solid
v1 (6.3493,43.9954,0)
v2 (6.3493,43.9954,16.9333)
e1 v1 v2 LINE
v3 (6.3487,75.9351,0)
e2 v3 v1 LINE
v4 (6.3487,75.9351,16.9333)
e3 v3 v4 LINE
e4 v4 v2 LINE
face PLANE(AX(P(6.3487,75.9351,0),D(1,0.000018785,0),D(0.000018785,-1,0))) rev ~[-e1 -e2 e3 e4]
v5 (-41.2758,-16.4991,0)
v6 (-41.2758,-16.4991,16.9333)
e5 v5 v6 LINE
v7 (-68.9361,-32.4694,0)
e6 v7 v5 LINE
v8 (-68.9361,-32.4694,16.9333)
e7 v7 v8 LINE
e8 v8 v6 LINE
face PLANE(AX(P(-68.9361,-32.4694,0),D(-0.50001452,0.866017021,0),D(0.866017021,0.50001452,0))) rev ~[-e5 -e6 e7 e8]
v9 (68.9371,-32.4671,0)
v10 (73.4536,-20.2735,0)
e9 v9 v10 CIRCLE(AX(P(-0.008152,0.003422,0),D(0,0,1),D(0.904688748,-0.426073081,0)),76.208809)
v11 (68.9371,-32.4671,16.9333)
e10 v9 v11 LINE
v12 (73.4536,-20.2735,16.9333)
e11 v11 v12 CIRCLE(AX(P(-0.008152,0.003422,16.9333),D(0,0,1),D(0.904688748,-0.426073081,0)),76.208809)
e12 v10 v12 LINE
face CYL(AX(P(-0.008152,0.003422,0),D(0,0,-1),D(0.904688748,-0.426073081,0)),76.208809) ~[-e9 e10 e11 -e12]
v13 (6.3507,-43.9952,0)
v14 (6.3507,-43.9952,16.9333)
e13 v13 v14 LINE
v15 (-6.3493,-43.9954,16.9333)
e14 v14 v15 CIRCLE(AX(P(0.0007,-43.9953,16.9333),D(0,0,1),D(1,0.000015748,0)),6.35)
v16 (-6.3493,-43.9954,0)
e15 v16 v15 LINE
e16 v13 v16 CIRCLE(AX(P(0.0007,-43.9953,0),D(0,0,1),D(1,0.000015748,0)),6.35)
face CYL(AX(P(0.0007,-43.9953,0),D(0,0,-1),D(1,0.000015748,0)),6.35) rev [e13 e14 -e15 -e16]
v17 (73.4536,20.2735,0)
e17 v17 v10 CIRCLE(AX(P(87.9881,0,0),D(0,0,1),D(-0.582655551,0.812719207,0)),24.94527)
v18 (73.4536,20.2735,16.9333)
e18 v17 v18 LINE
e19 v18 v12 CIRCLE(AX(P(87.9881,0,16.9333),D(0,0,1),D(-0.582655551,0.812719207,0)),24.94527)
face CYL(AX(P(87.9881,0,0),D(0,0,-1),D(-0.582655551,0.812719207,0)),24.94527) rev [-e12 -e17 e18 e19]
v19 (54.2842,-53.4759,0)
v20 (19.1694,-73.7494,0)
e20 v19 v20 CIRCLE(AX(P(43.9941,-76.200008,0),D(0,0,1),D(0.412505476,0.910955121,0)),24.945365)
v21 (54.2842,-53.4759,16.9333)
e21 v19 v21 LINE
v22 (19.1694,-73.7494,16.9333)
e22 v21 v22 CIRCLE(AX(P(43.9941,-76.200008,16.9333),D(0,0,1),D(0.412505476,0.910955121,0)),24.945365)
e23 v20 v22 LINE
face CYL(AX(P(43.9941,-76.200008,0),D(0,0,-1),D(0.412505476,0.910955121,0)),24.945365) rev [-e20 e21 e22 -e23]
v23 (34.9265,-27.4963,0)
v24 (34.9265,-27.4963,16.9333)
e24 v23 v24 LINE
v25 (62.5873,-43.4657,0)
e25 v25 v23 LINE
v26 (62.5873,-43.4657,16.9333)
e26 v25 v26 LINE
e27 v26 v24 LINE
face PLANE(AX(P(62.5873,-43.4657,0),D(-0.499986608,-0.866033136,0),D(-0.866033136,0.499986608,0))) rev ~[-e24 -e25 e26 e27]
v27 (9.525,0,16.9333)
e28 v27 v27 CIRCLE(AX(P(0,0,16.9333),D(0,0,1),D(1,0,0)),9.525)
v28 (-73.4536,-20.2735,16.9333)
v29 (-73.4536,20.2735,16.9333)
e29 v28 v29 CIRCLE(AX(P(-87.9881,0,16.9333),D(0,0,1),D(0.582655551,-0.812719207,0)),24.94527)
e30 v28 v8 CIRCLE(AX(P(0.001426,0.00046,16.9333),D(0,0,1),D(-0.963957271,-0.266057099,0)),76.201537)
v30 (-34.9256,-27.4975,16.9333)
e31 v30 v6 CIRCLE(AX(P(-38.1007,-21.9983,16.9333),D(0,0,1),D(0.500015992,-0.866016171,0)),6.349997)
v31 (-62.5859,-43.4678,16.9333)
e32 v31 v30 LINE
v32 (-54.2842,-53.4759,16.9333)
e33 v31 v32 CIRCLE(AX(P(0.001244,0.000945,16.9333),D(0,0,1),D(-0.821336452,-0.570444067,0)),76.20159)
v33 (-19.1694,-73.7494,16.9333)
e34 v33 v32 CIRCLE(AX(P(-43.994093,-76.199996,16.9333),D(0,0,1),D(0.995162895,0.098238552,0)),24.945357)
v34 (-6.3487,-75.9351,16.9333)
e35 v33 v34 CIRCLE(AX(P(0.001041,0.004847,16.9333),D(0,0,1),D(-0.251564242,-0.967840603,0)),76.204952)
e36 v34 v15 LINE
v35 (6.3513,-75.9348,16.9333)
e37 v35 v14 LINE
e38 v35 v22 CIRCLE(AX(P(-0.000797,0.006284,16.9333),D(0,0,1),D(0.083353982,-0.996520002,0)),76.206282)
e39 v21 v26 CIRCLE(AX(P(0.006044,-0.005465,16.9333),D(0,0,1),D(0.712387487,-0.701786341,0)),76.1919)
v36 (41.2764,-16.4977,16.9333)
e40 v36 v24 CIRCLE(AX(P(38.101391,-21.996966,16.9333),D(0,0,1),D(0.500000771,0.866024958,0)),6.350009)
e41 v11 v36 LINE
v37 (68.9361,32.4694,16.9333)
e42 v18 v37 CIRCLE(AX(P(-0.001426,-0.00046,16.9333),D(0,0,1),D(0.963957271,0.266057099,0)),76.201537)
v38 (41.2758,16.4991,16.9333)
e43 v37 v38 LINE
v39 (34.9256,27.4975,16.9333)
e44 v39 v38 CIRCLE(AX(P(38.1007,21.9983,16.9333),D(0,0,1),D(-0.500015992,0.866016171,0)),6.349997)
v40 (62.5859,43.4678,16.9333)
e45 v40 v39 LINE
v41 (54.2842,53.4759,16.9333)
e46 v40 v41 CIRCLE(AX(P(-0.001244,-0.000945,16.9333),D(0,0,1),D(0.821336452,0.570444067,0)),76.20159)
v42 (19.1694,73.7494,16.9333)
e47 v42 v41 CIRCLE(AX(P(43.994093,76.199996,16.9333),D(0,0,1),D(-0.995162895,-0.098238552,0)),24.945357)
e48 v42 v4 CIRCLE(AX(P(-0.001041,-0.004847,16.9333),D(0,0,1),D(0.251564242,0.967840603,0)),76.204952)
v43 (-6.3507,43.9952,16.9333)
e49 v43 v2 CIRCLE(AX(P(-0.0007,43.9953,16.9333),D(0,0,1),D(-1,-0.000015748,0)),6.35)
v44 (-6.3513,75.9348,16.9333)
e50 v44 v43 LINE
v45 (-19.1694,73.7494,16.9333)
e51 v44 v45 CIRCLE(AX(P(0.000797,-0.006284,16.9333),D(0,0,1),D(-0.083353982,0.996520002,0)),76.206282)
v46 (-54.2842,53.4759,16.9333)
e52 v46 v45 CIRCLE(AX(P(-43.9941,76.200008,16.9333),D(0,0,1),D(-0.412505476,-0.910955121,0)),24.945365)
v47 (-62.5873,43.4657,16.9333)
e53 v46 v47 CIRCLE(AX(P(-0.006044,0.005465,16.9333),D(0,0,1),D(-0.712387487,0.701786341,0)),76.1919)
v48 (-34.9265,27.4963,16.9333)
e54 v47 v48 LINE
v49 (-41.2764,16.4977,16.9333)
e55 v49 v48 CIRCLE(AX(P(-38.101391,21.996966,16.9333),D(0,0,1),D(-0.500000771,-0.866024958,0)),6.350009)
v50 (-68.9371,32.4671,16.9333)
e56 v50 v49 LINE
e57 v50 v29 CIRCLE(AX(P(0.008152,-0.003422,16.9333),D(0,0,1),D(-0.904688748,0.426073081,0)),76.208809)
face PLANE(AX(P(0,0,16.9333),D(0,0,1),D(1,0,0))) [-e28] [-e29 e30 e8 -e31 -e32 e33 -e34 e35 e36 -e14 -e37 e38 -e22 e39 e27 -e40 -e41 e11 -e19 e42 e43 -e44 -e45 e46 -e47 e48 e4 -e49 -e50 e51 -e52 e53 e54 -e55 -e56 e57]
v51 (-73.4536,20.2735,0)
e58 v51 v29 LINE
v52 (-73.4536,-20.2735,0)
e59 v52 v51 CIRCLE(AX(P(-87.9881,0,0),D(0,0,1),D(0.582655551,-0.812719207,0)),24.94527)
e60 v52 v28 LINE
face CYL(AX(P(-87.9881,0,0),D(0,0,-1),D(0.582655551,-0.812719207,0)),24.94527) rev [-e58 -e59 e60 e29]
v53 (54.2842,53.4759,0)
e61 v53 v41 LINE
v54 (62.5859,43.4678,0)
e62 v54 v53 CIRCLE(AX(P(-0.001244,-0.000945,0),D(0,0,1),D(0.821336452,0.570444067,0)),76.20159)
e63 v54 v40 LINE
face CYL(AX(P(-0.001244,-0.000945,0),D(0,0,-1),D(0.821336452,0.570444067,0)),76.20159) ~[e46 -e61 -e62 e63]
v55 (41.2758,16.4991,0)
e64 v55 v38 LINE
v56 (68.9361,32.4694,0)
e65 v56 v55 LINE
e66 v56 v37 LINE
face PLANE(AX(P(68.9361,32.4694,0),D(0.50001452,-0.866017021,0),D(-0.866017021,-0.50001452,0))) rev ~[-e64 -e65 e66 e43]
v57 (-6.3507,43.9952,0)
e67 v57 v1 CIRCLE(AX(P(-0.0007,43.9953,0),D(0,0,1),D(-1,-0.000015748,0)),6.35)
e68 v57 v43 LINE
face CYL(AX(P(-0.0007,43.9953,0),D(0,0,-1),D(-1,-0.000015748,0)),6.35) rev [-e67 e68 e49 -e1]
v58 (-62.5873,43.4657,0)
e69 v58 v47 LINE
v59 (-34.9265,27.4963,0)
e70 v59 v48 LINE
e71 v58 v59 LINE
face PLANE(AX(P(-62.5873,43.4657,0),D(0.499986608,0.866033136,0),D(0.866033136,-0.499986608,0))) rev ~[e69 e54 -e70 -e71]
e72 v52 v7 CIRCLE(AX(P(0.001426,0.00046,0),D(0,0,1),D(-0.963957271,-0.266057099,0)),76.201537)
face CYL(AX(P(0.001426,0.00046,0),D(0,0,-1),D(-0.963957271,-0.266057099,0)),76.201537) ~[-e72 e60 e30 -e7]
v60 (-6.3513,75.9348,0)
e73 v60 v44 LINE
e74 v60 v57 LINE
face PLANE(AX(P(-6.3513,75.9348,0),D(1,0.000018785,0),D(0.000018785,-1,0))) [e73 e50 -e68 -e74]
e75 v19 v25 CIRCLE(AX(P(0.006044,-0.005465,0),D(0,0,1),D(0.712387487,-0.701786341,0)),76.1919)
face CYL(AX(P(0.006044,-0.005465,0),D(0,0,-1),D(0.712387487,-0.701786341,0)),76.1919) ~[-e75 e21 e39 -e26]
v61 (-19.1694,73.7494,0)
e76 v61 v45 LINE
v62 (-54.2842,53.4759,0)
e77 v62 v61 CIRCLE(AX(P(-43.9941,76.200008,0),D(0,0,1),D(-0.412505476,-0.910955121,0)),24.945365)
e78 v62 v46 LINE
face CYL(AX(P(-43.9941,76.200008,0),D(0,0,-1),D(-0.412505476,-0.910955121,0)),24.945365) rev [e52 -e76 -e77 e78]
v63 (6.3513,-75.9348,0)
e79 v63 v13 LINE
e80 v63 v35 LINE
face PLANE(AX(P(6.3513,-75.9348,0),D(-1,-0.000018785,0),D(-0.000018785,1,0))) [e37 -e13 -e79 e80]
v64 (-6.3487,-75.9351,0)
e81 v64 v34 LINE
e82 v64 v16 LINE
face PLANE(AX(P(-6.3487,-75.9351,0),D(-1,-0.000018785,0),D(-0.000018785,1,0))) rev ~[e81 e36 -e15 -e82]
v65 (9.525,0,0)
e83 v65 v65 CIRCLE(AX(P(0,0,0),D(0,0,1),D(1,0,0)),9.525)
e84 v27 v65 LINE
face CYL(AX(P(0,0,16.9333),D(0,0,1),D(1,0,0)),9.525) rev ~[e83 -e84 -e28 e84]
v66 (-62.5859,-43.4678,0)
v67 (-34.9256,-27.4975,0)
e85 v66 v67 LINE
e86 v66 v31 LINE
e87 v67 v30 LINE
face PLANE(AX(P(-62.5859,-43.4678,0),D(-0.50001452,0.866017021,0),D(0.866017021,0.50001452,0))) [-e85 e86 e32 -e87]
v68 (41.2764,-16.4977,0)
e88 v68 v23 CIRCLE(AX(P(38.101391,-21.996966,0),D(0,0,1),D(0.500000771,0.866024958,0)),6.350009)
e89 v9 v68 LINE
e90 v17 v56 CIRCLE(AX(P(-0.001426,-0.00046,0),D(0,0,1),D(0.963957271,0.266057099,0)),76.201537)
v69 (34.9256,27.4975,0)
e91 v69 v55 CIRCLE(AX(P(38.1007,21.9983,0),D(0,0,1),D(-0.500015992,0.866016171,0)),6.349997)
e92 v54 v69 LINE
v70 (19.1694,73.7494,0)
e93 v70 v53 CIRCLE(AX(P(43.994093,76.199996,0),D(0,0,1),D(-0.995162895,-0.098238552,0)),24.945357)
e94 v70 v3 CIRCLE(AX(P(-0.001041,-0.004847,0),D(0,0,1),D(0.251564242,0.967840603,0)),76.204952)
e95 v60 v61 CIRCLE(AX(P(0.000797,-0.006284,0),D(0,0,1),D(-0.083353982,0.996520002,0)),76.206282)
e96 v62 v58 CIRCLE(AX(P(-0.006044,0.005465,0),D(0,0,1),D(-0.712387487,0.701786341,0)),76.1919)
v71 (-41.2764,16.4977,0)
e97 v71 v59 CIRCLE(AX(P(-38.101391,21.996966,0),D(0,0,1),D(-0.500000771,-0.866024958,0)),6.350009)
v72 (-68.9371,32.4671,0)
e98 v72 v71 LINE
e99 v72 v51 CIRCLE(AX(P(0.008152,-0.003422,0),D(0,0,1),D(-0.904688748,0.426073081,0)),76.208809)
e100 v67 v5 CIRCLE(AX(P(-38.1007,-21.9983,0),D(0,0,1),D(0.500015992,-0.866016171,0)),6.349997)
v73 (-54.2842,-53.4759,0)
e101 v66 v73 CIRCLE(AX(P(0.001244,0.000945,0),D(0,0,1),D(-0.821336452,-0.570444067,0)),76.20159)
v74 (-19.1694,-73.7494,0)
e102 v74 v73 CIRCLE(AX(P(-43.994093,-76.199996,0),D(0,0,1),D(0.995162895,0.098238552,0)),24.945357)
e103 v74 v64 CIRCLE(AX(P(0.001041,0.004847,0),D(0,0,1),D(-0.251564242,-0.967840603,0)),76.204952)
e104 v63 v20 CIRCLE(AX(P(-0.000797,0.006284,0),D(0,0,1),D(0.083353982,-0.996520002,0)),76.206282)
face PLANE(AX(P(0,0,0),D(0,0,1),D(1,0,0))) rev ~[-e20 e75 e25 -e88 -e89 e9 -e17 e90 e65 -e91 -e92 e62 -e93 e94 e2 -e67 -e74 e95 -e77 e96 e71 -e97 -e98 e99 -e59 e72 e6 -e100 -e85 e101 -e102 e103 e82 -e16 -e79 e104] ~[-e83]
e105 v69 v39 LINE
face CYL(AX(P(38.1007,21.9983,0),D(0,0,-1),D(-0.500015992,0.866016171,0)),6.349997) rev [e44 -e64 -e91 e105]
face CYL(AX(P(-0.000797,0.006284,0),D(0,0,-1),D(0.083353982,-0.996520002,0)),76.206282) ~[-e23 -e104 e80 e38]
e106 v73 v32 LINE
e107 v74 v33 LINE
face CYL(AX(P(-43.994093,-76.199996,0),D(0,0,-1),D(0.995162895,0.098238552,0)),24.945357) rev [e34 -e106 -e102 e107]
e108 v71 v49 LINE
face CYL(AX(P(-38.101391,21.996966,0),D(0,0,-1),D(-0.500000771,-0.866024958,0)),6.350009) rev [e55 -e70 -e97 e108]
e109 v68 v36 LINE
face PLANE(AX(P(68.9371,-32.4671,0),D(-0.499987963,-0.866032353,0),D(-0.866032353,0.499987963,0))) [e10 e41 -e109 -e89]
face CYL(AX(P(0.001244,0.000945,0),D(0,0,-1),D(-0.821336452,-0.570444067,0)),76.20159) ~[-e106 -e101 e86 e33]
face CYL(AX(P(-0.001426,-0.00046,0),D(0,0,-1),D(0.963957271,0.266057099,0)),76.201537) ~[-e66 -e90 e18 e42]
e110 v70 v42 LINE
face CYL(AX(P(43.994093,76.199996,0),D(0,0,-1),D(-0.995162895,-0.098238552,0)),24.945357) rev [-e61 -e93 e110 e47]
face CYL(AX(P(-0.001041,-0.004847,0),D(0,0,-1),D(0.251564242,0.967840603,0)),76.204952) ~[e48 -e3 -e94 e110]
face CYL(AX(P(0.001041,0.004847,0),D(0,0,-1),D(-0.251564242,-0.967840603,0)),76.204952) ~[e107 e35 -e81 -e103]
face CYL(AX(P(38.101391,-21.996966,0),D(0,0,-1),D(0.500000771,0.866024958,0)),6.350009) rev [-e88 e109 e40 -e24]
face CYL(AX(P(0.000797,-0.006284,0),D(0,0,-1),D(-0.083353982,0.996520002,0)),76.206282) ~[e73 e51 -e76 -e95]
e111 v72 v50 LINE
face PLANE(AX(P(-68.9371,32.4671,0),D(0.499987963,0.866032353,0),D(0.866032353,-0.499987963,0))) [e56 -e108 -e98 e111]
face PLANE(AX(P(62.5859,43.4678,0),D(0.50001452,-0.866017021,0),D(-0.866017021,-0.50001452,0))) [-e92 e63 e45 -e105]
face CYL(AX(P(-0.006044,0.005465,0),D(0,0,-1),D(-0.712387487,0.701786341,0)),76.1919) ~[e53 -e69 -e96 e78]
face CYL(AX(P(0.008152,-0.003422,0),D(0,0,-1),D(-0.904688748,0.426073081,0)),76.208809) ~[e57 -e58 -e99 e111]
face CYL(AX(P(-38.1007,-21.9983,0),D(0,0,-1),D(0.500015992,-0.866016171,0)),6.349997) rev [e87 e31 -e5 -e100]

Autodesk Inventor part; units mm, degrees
ref_plane "YZ Plane" through (0, 0, 0) normal (1, 0, 0) x (0, 1, 0)
ref_plane "XZ Plane" through (0, 0, 0) normal (0, 1, 0) x (-1, 0, 0)
ref_plane "XY Plane" through (0, 0, 0) normal (0, 0, 1) x (1, 0, 0)
sketch "Sketch2" plane through (0, 0, 0) normal (0, 0, 1) x (1, 0, 0)
  line L0 (0, 0) -> (87.9881, 0) construction
  line L1 (0, 0) -> (65.9905, 38.1011) construction
  line L2 (65.9905, 38.1011) -> (87.9881, 0) construction
  circle A0 centre (0, 0) radius 76.2 construction
  line L3 (62.5859, 43.4678) -> (34.9256, 27.4975)
  line L4 (68.9361, 32.4694) -> (41.2758, 16.4991)
  arc A1 (34.9256, 27.4975) -> (41.2758, 16.4991) centre (38.1007, 21.9983) ccw
  arc A2 (73.4536, 20.2735) -> (73.4536, -20.2735) centre (87.9881, 0) ccw
  arc A3 (73.4536, 20.2735) -> (68.9361, 32.4694) centre (0, 0) ccw
  line L5 (62.5873, -43.4657) -> (34.9265, -27.4963)
  arc A4 (41.2764, -16.4977) -> (34.9265, -27.4963) centre (38.1014, -21.997) ccw
  line L6 (68.9371, -32.4671) -> (41.2764, -16.4977)
  arc A5 (54.2842, -53.4759) -> (62.5873, -43.4657) centre (0, 0) ccw
  arc A6 (54.2842, -53.4759) -> (19.1694, -73.7494) centre (43.9941, -76.2) ccw
  line L7 (-6.3487, -75.9351) -> (-6.3493, -43.9954)
  arc A7 (6.3507, -43.9952) -> (-6.3493, -43.9954) centre (0.0007, -43.9953) ccw
  line L8 (6.3513, -75.9348) -> (6.3507, -43.9952)
  arc A8 (-19.1694, -73.7494) -> (-6.3487, -75.9351) centre (0, 0) ccw
  arc A9 (-19.1694, -73.7494) -> (-54.2842, -53.4759) centre (-43.9941, -76.2) ccw
  line L9 (-68.9361, -32.4694) -> (-41.2758, -16.4991)
  arc A10 (-34.9256, -27.4975) -> (-41.2758, -16.4991) centre (-38.1007, -21.9983) ccw
  line L10 (-62.5859, -43.4678) -> (-34.9256, -27.4975)
  arc A11 (-73.4536, -20.2735) -> (-68.9361, -32.4694) centre (0, 0) ccw
  arc A12 (-73.4536, -20.2735) -> (-73.4536, 20.2735) centre (-87.9881, 0) ccw
  line L11 (-62.5873, 43.4657) -> (-34.9265, 27.4963)
  arc A13 (-41.2764, 16.4977) -> (-34.9265, 27.4963) centre (-38.1014, 21.997) ccw
  line L12 (-68.9371, 32.4671) -> (-41.2764, 16.4977)
  arc A14 (-54.2842, 53.4759) -> (-62.5873, 43.4657) centre (0, 0) ccw
  arc A15 (-54.2842, 53.4759) -> (-19.1694, 73.7494) centre (-43.9941, 76.2) ccw
  line L13 (6.3487, 75.9351) -> (6.3493, 43.9954)
  arc A16 (-6.3507, 43.9952) -> (6.3493, 43.9954) centre (-0.0007, 43.9953) ccw
  line L14 (-6.3513, 75.9348) -> (-6.3507, 43.9952)
  arc A17 (19.1694, 73.7494) -> (6.3487, 75.9351) centre (0, 0) ccw
  arc A18 (19.1694, 73.7494) -> (54.2842, 53.4759) centre (43.9941, 76.2) ccw
  arc A19 (62.5859, 43.4678) -> (54.2842, 53.4759) centre (0, 0) ccw
  arc A20 (-6.3513, 75.9348) -> (-19.1694, 73.7494) centre (0, 0) ccw
  arc A21 (-68.9371, 32.4671) -> (-73.4536, 20.2735) centre (0, 0) ccw
  arc A22 (-62.5859, -43.4678) -> (-54.2842, -53.4759) centre (0, 0) ccw
  arc A23 (6.3513, -75.9348) -> (19.1694, -73.7494) centre (0, 0) ccw
  arc A24 (68.9371, -32.4671) -> (73.4536, -20.2735) centre (0, 0) ccw
  dimension "d6" = 87.9881
  dimension "d7" = 43.9953
  dimension "d8" = 76.2
  dimension "d9" = 12.7
  dimension "d10" = 32.2047
  dimension "d12" = 24.9453
  dimension "d15" = 360
extrude "Extrusion1" add sketch "Sketch2" along normal blind 16.9333
sketch "Sketch3" plane through (0, 0, 16.9333) normal (0, 0, 1) x (1, 0, 0)
  circle A0 centre (0, 0) radius 9.525
  dimension "d19" = 19.05
extrude "Extrusion2" cut sketch "Sketch3" against normal through all
properties part number "Geneva Driven"
